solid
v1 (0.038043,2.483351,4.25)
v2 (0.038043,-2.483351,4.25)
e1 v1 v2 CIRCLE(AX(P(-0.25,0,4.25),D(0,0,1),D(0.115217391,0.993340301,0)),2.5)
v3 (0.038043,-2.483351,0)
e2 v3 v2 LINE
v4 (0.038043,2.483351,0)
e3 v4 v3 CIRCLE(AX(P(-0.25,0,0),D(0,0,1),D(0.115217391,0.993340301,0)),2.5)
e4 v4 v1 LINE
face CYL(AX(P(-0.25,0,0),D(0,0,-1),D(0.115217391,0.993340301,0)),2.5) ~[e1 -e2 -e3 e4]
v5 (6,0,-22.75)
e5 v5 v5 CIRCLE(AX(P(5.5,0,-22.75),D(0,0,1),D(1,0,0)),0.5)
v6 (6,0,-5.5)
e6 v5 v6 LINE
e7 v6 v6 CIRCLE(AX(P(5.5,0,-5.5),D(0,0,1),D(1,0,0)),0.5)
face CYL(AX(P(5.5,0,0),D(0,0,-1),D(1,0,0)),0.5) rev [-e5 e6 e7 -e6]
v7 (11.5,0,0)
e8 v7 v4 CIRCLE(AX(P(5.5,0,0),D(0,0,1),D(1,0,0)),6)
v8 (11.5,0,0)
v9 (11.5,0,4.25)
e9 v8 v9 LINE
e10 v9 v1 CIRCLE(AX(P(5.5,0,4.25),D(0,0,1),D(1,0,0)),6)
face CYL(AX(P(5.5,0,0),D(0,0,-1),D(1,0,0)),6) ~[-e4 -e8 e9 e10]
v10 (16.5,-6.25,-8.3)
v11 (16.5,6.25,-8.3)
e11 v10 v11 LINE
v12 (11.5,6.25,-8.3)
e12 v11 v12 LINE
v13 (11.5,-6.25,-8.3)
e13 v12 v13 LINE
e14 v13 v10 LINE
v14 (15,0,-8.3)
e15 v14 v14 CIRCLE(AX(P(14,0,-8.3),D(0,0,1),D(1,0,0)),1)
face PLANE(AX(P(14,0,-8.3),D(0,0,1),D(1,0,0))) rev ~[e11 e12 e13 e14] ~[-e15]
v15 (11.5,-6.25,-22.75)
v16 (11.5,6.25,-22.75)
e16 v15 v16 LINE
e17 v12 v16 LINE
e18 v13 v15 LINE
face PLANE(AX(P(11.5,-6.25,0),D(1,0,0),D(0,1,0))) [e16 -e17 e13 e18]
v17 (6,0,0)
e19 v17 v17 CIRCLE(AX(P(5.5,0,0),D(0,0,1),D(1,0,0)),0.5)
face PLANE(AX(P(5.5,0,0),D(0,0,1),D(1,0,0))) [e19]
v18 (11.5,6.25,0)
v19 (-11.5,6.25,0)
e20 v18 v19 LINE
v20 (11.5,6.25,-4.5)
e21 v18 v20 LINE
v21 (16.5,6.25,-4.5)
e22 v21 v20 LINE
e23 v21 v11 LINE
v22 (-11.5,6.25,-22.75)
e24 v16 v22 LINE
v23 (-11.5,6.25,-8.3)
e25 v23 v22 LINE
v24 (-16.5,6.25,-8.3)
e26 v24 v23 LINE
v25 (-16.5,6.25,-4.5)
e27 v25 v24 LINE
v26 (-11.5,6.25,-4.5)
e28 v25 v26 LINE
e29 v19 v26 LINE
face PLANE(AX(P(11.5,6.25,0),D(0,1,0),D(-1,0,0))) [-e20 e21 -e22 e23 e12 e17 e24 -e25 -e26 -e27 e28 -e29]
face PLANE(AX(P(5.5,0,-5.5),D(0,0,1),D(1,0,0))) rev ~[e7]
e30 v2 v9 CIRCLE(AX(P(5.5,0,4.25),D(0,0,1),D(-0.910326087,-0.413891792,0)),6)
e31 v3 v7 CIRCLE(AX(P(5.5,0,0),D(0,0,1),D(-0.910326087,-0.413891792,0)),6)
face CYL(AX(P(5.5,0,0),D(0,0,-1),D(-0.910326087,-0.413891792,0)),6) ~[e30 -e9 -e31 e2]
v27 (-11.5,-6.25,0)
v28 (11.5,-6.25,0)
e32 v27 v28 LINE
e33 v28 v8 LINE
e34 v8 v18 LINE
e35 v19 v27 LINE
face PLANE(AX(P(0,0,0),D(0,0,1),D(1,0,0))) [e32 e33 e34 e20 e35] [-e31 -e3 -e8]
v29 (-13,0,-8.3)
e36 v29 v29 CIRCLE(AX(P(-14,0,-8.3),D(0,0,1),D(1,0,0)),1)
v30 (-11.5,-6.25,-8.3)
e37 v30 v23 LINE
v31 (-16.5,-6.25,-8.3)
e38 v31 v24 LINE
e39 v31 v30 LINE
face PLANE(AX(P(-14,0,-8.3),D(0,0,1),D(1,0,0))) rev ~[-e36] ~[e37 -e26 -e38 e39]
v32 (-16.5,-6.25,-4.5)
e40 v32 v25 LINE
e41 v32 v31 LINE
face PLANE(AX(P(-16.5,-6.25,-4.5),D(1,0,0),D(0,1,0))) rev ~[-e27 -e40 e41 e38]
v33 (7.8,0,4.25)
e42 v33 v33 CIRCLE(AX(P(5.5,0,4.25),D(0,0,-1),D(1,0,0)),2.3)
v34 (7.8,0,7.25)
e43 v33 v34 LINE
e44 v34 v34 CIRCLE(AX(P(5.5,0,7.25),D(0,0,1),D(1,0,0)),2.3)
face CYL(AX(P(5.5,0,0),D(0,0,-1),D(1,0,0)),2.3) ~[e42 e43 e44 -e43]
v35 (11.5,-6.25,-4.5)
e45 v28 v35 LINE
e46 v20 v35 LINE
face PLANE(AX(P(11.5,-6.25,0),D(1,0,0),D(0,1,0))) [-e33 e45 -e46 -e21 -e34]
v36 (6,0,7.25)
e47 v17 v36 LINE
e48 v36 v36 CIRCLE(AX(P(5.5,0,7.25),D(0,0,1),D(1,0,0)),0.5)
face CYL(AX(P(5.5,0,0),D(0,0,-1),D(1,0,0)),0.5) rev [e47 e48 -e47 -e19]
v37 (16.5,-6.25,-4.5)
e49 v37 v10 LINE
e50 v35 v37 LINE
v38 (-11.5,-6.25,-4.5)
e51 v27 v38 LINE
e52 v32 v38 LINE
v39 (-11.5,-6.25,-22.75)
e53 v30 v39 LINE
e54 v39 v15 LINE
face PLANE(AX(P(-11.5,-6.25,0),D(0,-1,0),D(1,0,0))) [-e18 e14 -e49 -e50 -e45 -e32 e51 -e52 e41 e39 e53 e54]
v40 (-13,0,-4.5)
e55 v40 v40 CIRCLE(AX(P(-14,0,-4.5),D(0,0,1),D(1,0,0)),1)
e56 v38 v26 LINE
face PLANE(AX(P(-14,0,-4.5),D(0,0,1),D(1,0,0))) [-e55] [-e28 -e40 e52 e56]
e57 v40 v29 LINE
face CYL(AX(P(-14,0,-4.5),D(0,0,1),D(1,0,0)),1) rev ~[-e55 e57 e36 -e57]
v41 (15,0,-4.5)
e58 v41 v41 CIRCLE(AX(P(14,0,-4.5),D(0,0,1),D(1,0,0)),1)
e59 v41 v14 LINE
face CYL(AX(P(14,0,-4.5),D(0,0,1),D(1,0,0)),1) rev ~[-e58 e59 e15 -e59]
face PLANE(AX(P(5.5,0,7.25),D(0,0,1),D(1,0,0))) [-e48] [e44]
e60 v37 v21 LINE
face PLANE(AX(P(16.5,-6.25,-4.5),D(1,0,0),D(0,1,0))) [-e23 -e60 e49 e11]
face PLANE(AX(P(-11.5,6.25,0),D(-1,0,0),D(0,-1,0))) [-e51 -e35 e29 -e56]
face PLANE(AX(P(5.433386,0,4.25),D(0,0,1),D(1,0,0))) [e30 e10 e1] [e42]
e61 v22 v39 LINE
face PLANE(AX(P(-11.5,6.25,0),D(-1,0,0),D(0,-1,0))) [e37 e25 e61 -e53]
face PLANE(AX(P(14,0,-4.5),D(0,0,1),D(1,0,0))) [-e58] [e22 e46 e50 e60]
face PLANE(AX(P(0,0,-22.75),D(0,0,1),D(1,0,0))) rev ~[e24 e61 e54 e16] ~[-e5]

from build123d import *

# Parameters (mm, degrees)
F0_R     = 2.3
F0_R_2   = 0.5
F1_DEPTH = 22.75
F2_DEPTH = 4.25
F3_DEPTH = 7.25
F4_START = -4.5
F0_R_3   = 1
F4_DEPTH = 3.8
F5_START = -4.5
F0_W     = 5
F0_H     = 12.5
F5_DEPTH = 3.8
F6_DEPTH = 5.5


with BuildPart() as f1:
    # F0 (on Top) → F1 (new body)
    with BuildSketch(Plane.XY):
        Polygon((-11.5, -6.25), (11.5, -6.25), (11.5, 0), (11.5, 6.25), (-11.5, 6.25), align=None)
        with BuildLine():
            ThreePointArc((0.0380434783, 2.4833507514), (6.7704843308, 5.8639465861), (11.5, 0))
            ThreePointArc((11.5, 0), (6.7704843308, -5.8639465861), (0.0380434783, -2.4833507514))
            ThreePointArc((0.0380434783, -2.4833507514), (-2.75, 0), (0.0380434783, 2.4833507514))
        make_face(mode=Mode.SUBTRACT)
        with BuildLine():
            ThreePointArc((0.0380434783, -2.4833507514), (-0.5, 0), (0.0380434783, 2.4833507514))
            ThreePointArc((0.0380434783, 2.4833507514), (-2.75, 0), (0.0380434783, -2.4833507514))
        make_face()
        with BuildLine():
            ThreePointArc((2.25, 0), (1.6168300265, 1.6628125728), (0.0380434783, 2.4833507514))
            ThreePointArc((0.0380434783, 2.4833507514), (-0.5, 0), (0.0380434783, -2.4833507514))
            ThreePointArc((0.0380434783, -2.4833507514), (1.6168300265, -1.6628125728), (2.25, 0))
        make_face()
        with BuildLine():
            ThreePointArc((0.0380434783, -2.4833507514), (6.7704843308, -5.8639465861), (11.5, 0))
            ThreePointArc((11.5, 0), (6.7704843308, 5.8639465861), (0.0380434783, 2.4833507514))
            ThreePointArc((0.0380434783, 2.4833507514), (1.6168300265, 1.6628125728), (2.25, 0))
            ThreePointArc((2.25, 0), (1.6168300265, -1.6628125728), (0.0380434783, -2.4833507514))
        make_face()
        with Locations((5.5, 0)):
            Circle(F0_R, mode=Mode.SUBTRACT)
        with Locations((5.5, 0)):
            Circle(F0_R)
        with Locations((5.5, 0)):
            Circle(F0_R_2, mode=Mode.SUBTRACT)
    extrude(amount=-F1_DEPTH)

    # F0 (on Top) → F2 (join)
    with BuildSketch(Plane.XY):
        with BuildLine():
            ThreePointArc((0.0380434783, -2.4833507514), (6.7704843308, -5.8639465861), (11.5, 0))
            ThreePointArc((11.5, 0), (6.7704843308, 5.8639465861), (0.0380434783, 2.4833507514))
            ThreePointArc((0.0380434783, 2.4833507514), (1.6168300265, 1.6628125728), (2.25, 0))
            ThreePointArc((2.25, 0), (1.6168300265, -1.6628125728), (0.0380434783, -2.4833507514))
        make_face()
        with Locations((5.5, 0)):
            Circle(F0_R, mode=Mode.SUBTRACT)
        with Locations((5.5, 0)):
            Circle(F0_R)
        with Locations((5.5, 0)):
            Circle(F0_R_2, mode=Mode.SUBTRACT)
        with BuildLine():
            ThreePointArc((2.25, 0), (1.6168300265, 1.6628125728), (0.0380434783, 2.4833507514))
            ThreePointArc((0.0380434783, 2.4833507514), (-0.5, 0), (0.0380434783, -2.4833507514))
            ThreePointArc((0.0380434783, -2.4833507514), (1.6168300265, -1.6628125728), (2.25, 0))
        make_face()
        with BuildLine():
            ThreePointArc((0.0380434783, -2.4833507514), (-0.5, 0), (0.0380434783, 2.4833507514))
            ThreePointArc((0.0380434783, 2.4833507514), (-2.75, 0), (0.0380434783, -2.4833507514))
        make_face()
    extrude(amount=F2_DEPTH)

    # F0 (on Top) → F3 (join)
    with BuildSketch(Plane.XY):
        with Locations((5.5, 0)):
            Circle(F0_R)
        with Locations((5.5, 0)):
            Circle(F0_R_2, mode=Mode.SUBTRACT)
    extrude(amount=F3_DEPTH)

    # F0 (on Top) → F4 (join)
    with BuildSketch(Plane.XY.offset(F4_START)):
        Polygon((11.5, 0), (11.5, -6.25), (16.5, -6.25), (16.5, 6.25), (11.5, 6.25), align=None)
        with Locations((14, 0)):
            Circle(F0_R_3, mode=Mode.SUBTRACT)
    extrude(amount=-F4_DEPTH)

    # F0 (on Top) → F5 (join)
    with BuildSketch(Plane.XY.offset(F5_START)):
        with Locations((-14, 0)):
            Rectangle(F0_W, F0_H)
        with Locations((-14, 0)):
            Circle(F0_R_3, mode=Mode.SUBTRACT)
    extrude(amount=-F5_DEPTH)

    # F0 (on Top) → F6 (join)
    with BuildSketch(Plane.XY):
        with Locations((5.5, 0)):
            Circle(F0_R_2)
    extrude(amount=-F6_DEPTH)


solid = f1.part
